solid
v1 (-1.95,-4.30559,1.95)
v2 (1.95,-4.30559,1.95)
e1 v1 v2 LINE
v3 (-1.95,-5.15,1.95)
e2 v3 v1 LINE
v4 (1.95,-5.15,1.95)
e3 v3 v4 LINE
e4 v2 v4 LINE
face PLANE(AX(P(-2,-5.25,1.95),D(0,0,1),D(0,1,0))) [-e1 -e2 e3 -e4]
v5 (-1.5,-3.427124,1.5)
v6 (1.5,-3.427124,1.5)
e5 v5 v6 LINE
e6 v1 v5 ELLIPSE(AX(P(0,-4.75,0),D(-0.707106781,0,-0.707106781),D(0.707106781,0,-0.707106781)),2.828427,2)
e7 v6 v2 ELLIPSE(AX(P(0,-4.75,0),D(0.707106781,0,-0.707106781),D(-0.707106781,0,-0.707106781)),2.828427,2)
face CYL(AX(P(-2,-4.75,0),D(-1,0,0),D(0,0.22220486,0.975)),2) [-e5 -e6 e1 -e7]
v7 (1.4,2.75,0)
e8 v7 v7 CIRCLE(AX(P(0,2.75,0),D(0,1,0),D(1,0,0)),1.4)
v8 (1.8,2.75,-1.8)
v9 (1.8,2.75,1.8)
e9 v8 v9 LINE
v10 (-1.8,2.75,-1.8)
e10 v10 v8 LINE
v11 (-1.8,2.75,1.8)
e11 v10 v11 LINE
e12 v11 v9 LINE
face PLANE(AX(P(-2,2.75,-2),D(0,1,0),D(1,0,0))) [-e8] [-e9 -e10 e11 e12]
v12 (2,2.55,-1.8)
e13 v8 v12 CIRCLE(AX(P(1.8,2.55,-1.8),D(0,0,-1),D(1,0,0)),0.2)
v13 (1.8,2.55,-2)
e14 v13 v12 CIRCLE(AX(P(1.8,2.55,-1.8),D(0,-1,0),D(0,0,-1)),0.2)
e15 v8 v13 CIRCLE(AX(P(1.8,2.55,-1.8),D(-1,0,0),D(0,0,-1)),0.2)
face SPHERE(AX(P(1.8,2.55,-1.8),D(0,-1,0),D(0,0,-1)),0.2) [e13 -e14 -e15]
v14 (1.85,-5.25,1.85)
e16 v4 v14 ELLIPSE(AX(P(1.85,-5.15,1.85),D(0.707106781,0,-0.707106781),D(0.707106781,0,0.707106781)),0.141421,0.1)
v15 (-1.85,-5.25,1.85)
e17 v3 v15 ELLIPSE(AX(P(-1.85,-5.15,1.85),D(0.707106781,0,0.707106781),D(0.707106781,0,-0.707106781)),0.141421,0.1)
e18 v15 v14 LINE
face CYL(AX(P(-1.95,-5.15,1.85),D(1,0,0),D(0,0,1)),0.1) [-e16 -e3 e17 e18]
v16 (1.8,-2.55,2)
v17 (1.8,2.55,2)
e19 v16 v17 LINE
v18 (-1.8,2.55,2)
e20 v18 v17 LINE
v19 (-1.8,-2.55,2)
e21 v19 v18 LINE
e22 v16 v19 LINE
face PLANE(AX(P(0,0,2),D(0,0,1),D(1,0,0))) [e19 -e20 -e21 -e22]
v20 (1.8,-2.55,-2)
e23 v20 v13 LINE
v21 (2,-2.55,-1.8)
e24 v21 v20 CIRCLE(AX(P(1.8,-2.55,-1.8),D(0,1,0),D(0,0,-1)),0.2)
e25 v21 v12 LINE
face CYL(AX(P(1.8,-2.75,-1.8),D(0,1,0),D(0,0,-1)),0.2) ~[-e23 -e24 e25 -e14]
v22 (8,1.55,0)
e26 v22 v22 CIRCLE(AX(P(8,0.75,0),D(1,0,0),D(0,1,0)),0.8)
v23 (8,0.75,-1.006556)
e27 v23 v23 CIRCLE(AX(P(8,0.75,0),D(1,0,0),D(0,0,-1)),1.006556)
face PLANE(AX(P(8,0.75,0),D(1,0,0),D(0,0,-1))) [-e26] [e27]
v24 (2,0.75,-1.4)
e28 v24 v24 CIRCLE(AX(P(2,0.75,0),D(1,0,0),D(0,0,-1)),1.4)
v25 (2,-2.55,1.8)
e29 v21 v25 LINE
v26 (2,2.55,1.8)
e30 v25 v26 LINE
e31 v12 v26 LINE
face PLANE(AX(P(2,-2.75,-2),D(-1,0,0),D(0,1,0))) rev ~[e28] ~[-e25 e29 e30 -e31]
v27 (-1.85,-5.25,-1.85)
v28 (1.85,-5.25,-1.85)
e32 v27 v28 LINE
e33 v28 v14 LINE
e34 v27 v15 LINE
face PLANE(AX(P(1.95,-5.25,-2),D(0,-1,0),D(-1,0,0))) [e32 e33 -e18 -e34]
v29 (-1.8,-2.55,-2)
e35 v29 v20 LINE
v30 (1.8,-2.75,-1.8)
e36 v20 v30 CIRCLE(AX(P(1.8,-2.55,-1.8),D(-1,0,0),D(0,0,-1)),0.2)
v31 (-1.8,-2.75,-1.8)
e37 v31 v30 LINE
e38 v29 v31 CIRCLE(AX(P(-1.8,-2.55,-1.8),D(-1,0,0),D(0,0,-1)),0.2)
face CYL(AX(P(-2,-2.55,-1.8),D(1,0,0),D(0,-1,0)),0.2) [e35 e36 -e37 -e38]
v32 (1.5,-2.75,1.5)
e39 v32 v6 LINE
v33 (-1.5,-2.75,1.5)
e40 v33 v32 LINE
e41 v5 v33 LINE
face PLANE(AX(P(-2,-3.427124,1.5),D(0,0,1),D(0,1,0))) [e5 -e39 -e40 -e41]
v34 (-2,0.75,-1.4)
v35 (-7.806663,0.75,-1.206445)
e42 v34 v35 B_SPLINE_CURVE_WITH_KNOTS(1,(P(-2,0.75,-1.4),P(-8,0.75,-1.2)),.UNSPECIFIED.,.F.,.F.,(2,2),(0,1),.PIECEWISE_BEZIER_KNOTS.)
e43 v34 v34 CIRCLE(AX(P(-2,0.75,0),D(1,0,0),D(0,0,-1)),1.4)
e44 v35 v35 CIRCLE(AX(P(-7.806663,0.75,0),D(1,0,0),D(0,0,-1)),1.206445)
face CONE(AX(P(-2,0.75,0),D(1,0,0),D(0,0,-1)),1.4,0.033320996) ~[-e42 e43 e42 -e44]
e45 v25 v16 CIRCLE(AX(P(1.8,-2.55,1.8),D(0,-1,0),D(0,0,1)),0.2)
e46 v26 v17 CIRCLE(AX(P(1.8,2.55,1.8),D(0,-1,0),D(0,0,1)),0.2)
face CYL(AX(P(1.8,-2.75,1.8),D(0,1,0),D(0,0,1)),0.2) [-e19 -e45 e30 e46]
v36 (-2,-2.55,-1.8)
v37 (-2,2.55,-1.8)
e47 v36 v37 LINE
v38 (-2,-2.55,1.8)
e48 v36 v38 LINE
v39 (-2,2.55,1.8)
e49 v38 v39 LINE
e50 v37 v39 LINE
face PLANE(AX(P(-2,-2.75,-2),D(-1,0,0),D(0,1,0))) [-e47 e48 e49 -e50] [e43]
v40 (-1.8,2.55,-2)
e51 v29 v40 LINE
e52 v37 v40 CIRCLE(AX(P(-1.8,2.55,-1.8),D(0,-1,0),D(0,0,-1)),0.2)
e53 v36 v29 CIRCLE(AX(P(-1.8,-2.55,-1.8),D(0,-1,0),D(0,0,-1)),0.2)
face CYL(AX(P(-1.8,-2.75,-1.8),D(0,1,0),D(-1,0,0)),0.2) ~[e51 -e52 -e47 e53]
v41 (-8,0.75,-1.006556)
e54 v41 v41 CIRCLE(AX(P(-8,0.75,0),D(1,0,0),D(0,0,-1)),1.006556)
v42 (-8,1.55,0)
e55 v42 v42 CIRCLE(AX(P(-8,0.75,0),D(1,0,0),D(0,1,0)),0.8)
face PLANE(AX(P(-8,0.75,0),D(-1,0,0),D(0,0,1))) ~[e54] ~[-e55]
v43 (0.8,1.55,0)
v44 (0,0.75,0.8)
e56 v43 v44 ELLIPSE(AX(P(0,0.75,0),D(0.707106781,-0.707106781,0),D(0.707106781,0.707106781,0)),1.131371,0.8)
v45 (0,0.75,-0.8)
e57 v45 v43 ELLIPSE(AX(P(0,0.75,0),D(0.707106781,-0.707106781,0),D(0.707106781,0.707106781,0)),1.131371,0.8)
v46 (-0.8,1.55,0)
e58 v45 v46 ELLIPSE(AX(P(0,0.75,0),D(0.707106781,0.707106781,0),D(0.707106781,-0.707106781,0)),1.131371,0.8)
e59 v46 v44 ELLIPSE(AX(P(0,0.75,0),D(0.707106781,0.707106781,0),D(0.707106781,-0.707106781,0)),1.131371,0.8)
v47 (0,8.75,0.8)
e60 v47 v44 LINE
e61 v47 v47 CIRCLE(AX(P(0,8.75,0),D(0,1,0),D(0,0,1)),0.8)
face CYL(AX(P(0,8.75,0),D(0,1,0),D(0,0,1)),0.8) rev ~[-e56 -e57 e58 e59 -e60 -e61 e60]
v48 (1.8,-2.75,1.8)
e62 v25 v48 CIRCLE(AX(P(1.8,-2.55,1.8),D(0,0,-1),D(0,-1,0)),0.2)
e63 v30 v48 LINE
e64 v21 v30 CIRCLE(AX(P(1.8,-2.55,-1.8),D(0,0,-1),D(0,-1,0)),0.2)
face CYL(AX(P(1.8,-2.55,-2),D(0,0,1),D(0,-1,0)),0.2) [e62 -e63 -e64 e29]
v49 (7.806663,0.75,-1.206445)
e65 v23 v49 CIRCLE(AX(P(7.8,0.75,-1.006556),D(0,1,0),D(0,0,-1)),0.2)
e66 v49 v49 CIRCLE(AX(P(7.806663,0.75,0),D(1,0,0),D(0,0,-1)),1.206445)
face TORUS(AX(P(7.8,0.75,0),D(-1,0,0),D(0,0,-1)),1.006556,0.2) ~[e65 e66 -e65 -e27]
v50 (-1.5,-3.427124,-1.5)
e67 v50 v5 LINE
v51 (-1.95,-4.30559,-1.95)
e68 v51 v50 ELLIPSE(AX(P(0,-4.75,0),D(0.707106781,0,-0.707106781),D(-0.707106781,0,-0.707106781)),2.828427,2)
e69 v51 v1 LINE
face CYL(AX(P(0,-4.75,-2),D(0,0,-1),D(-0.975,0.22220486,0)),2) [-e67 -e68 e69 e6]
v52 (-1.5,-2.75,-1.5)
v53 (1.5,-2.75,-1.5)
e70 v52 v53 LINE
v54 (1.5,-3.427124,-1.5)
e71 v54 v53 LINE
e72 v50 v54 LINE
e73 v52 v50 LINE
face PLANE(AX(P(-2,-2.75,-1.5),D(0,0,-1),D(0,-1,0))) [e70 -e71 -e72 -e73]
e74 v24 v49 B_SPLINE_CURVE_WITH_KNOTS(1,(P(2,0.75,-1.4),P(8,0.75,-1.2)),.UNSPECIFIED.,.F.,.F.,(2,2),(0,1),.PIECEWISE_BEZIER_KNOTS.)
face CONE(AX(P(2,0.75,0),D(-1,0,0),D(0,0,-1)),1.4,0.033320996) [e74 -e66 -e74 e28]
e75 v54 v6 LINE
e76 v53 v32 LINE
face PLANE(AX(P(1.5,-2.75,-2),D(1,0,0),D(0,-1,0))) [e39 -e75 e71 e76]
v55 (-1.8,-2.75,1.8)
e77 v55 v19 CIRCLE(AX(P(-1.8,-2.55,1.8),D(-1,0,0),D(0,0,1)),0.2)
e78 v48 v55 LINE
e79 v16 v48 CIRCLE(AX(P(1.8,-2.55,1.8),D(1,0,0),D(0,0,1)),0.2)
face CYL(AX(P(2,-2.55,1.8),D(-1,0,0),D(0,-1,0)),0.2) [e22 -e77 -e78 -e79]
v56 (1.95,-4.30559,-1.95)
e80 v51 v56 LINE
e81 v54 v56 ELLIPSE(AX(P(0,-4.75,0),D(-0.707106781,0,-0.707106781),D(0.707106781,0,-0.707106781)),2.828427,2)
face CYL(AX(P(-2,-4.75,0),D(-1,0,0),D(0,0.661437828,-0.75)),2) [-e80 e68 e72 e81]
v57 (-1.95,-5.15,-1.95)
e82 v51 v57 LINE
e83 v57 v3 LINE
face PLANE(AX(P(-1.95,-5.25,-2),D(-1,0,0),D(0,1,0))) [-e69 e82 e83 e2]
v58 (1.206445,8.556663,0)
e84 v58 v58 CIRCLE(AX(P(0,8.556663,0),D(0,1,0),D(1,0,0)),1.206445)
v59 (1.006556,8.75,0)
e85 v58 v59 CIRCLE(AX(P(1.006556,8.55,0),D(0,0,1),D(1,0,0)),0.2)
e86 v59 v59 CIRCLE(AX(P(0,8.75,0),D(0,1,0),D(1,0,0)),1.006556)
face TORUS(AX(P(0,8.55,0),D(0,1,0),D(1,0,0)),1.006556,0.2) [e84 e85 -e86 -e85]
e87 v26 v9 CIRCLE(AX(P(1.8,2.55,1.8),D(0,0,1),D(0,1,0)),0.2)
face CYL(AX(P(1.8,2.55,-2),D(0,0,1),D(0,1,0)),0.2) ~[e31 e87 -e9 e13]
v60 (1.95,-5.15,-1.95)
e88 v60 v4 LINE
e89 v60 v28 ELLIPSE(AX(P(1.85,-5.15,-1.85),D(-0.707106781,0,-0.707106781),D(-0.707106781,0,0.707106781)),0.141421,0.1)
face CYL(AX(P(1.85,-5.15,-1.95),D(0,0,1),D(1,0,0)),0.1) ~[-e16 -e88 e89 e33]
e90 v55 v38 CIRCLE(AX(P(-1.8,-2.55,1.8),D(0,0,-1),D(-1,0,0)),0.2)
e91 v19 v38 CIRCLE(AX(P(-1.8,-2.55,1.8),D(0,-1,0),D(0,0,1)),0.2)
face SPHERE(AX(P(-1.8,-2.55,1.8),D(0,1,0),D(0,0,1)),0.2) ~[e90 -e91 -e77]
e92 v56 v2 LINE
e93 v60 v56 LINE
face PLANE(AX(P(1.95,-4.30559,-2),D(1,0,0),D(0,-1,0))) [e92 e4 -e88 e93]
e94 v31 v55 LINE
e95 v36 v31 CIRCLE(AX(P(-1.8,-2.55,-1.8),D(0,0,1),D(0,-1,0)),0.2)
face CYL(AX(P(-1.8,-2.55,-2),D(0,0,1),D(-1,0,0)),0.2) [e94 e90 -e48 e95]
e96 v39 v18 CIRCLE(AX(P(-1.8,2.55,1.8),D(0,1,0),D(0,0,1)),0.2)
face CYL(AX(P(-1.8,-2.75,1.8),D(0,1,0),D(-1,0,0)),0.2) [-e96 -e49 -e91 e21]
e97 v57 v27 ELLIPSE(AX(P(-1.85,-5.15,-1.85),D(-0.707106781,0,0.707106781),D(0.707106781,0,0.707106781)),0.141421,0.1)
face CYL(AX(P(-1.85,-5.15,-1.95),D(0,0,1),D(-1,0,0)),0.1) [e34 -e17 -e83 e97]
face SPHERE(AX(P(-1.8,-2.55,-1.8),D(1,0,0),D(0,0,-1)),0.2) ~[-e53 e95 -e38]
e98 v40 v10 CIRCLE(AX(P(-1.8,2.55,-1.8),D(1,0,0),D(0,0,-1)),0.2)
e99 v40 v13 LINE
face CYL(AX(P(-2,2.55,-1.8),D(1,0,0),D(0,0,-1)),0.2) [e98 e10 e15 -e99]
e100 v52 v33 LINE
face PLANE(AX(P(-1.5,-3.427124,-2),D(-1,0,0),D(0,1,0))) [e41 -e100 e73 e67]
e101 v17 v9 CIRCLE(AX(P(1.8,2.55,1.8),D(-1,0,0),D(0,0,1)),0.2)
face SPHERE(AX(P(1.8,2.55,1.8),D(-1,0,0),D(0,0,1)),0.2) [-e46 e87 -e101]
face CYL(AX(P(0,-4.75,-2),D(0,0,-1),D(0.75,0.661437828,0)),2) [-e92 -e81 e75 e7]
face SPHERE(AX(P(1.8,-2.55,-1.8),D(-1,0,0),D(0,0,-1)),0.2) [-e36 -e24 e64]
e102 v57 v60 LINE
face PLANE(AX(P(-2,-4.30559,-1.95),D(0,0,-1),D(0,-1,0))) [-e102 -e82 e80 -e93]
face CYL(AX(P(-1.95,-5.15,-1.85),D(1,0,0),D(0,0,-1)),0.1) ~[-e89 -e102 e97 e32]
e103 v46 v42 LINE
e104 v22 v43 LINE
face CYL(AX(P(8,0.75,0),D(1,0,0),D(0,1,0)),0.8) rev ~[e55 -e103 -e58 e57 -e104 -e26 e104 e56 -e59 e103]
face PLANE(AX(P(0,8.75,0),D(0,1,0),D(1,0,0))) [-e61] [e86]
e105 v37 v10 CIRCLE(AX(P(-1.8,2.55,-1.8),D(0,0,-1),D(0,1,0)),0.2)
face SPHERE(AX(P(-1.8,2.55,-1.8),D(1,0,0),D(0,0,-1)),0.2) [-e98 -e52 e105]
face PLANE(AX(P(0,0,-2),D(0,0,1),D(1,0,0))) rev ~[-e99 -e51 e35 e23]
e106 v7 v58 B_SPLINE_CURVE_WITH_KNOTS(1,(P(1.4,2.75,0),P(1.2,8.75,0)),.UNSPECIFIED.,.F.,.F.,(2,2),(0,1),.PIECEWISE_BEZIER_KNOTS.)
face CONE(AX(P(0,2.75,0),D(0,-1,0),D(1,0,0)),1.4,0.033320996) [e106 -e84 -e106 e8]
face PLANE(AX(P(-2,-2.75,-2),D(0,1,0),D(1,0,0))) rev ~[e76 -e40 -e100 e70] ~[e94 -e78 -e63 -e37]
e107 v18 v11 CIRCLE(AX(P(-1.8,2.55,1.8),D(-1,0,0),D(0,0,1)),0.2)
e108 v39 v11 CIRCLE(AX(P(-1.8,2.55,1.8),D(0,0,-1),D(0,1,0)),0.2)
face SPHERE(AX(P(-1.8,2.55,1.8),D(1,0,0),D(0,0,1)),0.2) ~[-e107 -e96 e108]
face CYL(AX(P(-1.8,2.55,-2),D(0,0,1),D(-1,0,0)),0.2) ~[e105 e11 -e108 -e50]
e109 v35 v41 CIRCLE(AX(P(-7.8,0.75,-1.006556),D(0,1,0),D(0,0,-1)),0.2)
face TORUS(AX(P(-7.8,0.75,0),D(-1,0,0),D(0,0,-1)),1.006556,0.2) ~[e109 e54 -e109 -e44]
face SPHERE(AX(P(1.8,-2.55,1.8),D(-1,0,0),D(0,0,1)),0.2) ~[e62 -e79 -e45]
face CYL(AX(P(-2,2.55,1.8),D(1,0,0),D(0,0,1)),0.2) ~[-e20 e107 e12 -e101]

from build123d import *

# Parameters (mm, degrees)
EXTRUDE_1_DEPTH          = 2
EXTRUDE_1_DEPTH_BACK     = 2
SKETCH_1_W               = 4
SKETCH_1_H               = 5.5
EXTRUDE_2_DEPTH          = 2
EXTRUDE_2_DEPTH_BACK     = 2
CUT_EXTRUDE_1_DEPTH      = 2
CUT_EXTRUDE_1_DEPTH_BACK = 2
SKETCH_4_R               = 1.4
SKETCH_5_R               = 1.2
SKETCH_6_R               = 1.4
SKETCH_7_R               = 1.2
SKETCH_8_R               = 0.8
CUT_EXTRUDE_2_DEPTH      = 19.345639944
SKETCH_9_R               = 0.8
CUT_EXTRUDE_3_DEPTH      = 8
FILLET_1_R               = 0.2
FILLET_2_R               = 0.2
FILLET_3_R               = 0.1


with BuildPart() as part:
    # 草图1 → 凸台-拉伸1 (new, two sides: drawn at the far end of the back side and taken through both)
    with BuildSketch(Plane.XY.offset(-EXTRUDE_1_DEPTH_BACK)):
        Rectangle(SKETCH_1_W, SKETCH_1_H)
    extrude(amount=EXTRUDE_1_DEPTH + EXTRUDE_1_DEPTH_BACK)

    # 草图2 → 凸台-拉伸2 (add, two sides: drawn at the far end of the back side and taken through both)
    with BuildSketch(Plane.XY.offset(-EXTRUDE_2_DEPTH_BACK)):
        with BuildLine():
            Line((-1.5, -2.75), (1.5, -2.75))
            Line((1.5, -2.75), (1.5, -3.427124344))
            ThreePointArc((1.5, -3.427124344), (1.780042303, -3.838161527), (1.95, -4.305590279))
            Line((1.95, -4.305590279), (1.95, -5.25))
            Line((1.95, -5.25), (-1.95, -5.25))
            Line((-1.95, -5.25), (-1.95, -4.305590279))
            ThreePointArc((-1.95, -4.305590279), (-1.780042303, -3.838161527), (-1.5, -3.427124344))
            Line((-1.5, -3.427124344), (-1.5, -2.75))
        make_face()
    extrude(amount=EXTRUDE_2_DEPTH + EXTRUDE_2_DEPTH_BACK)

    # 草图3 → 切除-拉伸1 (cut, two sides: drawn at the far end of the back side and taken through both)
    with BuildSketch(Plane(origin=(0, 0, 0), x_dir=(0, 0, -1), z_dir=(1, 0, 0)).offset(-CUT_EXTRUDE_1_DEPTH_BACK)):
        with BuildLine():
            Line((1.5, -2.75), (1.5, -3.427124344))
            ThreePointArc((1.5, -3.427124344), (1.780042303, -3.838161527), (1.95, -4.305590279))
            Line((1.95, -4.305590279), (1.95, -5.25))
            Line((1.95, -5.25), (2, -5.25))
            Line((2, -5.25), (2, -2.75))
            Line((2, -2.75), (1.5, -2.75))
        make_face()
        with BuildLine():
            Line((-2, -5.25), (-1.95, -5.25))
            Line((-1.95, -5.25), (-1.95, -4.305590279))
            ThreePointArc((-1.95, -4.305590279), (-1.780042303, -3.838161527), (-1.5, -3.427124344))
            Line((-1.5, -3.427124344), (-1.5, -2.75))
            Line((-1.5, -2.75), (-2, -2.75))
            Line((-2, -2.75), (-2, -5.25))
        make_face()
    extrude(amount=CUT_EXTRUDE_1_DEPTH + CUT_EXTRUDE_1_DEPTH_BACK, mode=Mode.SUBTRACT)

    # 草图4 → 放样2 section 0
    with BuildSketch(Plane(origin=(2, 0, 0), x_dir=(0, 0, -1), z_dir=(1, 0, 0))):
        with Locations((0, 0.75)):
            Circle(SKETCH_4_R)
    # 草图5 → 放样2 section 1
    with BuildSketch(Plane(origin=(8, 0, 0), x_dir=(0, 0, -1), z_dir=(1, 0, 0))):
        with Locations((0, 0.75)):
            Circle(SKETCH_5_R)
    loft_2 = loft()

    # 镜向1: 放样2 across plane
    add(loft_2.mirror(Plane(origin=(0, 0, 0), x_dir=(0, 0, 1), z_dir=(1, 0, 0))))

    # 草图6 → 放样3 section 0
    with BuildSketch(Plane(origin=(0, 2.75, 0), x_dir=(1, 0, 0), z_dir=(0, 1, 0))):
        Circle(SKETCH_6_R)
    # 草图7 → 放样3 section 1
    with BuildSketch(Plane(origin=(0, 8.75, 0), x_dir=(1, 0, 0), z_dir=(0, 1, 0))):
        Circle(SKETCH_7_R)
    loft()

    # 草图8 → 切除-拉伸2 (cut, through all)
    with BuildSketch(Plane(origin=(8, 0, 0), x_dir=(0, 0, -1), z_dir=(1, 0, 0))):
        with Locations(Location((0, 0.75, 0), (0, 0, 90))):
            Circle(SKETCH_8_R)
    extrude(amount=-CUT_EXTRUDE_2_DEPTH, mode=Mode.SUBTRACT)

    # 草图9 → 切除-拉伸3 (cut)
    with BuildSketch(Plane(origin=(0, 8.75, 0), x_dir=(1, 0, 0), z_dir=(0, 1, 0))):
        with Locations(Location((0, 0, 0), (0, 0, 270))):
            Circle(SKETCH_9_R)
    extrude(amount=-CUT_EXTRUDE_3_DEPTH, mode=Mode.SUBTRACT)

    # 圆角1
    fillet_1_edges = [part.edges().sort_by_distance(p)[0] for p in [
        (0, -2.75, -2),
        (0, 2.75, 2),
        (-2, 0, 2),
        (2, 0, -2),
        (0, -2.75, 2),
        (2, 0, 2),
        (0, 2.75, -2),
        (-2, 0, -2),
        (2, 2.75, 0),
        (2, -2.75, 0),
        (-2, -2.75, 0),
        (-2, 2.75, 0),
    ]]
    fillet(fillet_1_edges, radius=FILLET_1_R)

    # 圆角2
    fillet_2_edges = [part.edges().sort_by_distance(p)[0] for p in [
        (8, 0.75, 1.2),
        (-8, 0.75, 1.2),
        (-1.2, 8.75, 0),
    ]]
    fillet(fillet_2_edges, radius=FILLET_2_R)

    # 圆角3
    fillet_3_edges = [part.edges().sort_by_distance(p)[0] for p in [
        (0, -5.25, 1.95),
        (1.95, -5.25, 0),
        (-1.95, -5.25, 0),
        (0, -5.25, -1.95),
    ]]
    fillet(fillet_3_edges, radius=FILLET_3_R)


solid = part.part
